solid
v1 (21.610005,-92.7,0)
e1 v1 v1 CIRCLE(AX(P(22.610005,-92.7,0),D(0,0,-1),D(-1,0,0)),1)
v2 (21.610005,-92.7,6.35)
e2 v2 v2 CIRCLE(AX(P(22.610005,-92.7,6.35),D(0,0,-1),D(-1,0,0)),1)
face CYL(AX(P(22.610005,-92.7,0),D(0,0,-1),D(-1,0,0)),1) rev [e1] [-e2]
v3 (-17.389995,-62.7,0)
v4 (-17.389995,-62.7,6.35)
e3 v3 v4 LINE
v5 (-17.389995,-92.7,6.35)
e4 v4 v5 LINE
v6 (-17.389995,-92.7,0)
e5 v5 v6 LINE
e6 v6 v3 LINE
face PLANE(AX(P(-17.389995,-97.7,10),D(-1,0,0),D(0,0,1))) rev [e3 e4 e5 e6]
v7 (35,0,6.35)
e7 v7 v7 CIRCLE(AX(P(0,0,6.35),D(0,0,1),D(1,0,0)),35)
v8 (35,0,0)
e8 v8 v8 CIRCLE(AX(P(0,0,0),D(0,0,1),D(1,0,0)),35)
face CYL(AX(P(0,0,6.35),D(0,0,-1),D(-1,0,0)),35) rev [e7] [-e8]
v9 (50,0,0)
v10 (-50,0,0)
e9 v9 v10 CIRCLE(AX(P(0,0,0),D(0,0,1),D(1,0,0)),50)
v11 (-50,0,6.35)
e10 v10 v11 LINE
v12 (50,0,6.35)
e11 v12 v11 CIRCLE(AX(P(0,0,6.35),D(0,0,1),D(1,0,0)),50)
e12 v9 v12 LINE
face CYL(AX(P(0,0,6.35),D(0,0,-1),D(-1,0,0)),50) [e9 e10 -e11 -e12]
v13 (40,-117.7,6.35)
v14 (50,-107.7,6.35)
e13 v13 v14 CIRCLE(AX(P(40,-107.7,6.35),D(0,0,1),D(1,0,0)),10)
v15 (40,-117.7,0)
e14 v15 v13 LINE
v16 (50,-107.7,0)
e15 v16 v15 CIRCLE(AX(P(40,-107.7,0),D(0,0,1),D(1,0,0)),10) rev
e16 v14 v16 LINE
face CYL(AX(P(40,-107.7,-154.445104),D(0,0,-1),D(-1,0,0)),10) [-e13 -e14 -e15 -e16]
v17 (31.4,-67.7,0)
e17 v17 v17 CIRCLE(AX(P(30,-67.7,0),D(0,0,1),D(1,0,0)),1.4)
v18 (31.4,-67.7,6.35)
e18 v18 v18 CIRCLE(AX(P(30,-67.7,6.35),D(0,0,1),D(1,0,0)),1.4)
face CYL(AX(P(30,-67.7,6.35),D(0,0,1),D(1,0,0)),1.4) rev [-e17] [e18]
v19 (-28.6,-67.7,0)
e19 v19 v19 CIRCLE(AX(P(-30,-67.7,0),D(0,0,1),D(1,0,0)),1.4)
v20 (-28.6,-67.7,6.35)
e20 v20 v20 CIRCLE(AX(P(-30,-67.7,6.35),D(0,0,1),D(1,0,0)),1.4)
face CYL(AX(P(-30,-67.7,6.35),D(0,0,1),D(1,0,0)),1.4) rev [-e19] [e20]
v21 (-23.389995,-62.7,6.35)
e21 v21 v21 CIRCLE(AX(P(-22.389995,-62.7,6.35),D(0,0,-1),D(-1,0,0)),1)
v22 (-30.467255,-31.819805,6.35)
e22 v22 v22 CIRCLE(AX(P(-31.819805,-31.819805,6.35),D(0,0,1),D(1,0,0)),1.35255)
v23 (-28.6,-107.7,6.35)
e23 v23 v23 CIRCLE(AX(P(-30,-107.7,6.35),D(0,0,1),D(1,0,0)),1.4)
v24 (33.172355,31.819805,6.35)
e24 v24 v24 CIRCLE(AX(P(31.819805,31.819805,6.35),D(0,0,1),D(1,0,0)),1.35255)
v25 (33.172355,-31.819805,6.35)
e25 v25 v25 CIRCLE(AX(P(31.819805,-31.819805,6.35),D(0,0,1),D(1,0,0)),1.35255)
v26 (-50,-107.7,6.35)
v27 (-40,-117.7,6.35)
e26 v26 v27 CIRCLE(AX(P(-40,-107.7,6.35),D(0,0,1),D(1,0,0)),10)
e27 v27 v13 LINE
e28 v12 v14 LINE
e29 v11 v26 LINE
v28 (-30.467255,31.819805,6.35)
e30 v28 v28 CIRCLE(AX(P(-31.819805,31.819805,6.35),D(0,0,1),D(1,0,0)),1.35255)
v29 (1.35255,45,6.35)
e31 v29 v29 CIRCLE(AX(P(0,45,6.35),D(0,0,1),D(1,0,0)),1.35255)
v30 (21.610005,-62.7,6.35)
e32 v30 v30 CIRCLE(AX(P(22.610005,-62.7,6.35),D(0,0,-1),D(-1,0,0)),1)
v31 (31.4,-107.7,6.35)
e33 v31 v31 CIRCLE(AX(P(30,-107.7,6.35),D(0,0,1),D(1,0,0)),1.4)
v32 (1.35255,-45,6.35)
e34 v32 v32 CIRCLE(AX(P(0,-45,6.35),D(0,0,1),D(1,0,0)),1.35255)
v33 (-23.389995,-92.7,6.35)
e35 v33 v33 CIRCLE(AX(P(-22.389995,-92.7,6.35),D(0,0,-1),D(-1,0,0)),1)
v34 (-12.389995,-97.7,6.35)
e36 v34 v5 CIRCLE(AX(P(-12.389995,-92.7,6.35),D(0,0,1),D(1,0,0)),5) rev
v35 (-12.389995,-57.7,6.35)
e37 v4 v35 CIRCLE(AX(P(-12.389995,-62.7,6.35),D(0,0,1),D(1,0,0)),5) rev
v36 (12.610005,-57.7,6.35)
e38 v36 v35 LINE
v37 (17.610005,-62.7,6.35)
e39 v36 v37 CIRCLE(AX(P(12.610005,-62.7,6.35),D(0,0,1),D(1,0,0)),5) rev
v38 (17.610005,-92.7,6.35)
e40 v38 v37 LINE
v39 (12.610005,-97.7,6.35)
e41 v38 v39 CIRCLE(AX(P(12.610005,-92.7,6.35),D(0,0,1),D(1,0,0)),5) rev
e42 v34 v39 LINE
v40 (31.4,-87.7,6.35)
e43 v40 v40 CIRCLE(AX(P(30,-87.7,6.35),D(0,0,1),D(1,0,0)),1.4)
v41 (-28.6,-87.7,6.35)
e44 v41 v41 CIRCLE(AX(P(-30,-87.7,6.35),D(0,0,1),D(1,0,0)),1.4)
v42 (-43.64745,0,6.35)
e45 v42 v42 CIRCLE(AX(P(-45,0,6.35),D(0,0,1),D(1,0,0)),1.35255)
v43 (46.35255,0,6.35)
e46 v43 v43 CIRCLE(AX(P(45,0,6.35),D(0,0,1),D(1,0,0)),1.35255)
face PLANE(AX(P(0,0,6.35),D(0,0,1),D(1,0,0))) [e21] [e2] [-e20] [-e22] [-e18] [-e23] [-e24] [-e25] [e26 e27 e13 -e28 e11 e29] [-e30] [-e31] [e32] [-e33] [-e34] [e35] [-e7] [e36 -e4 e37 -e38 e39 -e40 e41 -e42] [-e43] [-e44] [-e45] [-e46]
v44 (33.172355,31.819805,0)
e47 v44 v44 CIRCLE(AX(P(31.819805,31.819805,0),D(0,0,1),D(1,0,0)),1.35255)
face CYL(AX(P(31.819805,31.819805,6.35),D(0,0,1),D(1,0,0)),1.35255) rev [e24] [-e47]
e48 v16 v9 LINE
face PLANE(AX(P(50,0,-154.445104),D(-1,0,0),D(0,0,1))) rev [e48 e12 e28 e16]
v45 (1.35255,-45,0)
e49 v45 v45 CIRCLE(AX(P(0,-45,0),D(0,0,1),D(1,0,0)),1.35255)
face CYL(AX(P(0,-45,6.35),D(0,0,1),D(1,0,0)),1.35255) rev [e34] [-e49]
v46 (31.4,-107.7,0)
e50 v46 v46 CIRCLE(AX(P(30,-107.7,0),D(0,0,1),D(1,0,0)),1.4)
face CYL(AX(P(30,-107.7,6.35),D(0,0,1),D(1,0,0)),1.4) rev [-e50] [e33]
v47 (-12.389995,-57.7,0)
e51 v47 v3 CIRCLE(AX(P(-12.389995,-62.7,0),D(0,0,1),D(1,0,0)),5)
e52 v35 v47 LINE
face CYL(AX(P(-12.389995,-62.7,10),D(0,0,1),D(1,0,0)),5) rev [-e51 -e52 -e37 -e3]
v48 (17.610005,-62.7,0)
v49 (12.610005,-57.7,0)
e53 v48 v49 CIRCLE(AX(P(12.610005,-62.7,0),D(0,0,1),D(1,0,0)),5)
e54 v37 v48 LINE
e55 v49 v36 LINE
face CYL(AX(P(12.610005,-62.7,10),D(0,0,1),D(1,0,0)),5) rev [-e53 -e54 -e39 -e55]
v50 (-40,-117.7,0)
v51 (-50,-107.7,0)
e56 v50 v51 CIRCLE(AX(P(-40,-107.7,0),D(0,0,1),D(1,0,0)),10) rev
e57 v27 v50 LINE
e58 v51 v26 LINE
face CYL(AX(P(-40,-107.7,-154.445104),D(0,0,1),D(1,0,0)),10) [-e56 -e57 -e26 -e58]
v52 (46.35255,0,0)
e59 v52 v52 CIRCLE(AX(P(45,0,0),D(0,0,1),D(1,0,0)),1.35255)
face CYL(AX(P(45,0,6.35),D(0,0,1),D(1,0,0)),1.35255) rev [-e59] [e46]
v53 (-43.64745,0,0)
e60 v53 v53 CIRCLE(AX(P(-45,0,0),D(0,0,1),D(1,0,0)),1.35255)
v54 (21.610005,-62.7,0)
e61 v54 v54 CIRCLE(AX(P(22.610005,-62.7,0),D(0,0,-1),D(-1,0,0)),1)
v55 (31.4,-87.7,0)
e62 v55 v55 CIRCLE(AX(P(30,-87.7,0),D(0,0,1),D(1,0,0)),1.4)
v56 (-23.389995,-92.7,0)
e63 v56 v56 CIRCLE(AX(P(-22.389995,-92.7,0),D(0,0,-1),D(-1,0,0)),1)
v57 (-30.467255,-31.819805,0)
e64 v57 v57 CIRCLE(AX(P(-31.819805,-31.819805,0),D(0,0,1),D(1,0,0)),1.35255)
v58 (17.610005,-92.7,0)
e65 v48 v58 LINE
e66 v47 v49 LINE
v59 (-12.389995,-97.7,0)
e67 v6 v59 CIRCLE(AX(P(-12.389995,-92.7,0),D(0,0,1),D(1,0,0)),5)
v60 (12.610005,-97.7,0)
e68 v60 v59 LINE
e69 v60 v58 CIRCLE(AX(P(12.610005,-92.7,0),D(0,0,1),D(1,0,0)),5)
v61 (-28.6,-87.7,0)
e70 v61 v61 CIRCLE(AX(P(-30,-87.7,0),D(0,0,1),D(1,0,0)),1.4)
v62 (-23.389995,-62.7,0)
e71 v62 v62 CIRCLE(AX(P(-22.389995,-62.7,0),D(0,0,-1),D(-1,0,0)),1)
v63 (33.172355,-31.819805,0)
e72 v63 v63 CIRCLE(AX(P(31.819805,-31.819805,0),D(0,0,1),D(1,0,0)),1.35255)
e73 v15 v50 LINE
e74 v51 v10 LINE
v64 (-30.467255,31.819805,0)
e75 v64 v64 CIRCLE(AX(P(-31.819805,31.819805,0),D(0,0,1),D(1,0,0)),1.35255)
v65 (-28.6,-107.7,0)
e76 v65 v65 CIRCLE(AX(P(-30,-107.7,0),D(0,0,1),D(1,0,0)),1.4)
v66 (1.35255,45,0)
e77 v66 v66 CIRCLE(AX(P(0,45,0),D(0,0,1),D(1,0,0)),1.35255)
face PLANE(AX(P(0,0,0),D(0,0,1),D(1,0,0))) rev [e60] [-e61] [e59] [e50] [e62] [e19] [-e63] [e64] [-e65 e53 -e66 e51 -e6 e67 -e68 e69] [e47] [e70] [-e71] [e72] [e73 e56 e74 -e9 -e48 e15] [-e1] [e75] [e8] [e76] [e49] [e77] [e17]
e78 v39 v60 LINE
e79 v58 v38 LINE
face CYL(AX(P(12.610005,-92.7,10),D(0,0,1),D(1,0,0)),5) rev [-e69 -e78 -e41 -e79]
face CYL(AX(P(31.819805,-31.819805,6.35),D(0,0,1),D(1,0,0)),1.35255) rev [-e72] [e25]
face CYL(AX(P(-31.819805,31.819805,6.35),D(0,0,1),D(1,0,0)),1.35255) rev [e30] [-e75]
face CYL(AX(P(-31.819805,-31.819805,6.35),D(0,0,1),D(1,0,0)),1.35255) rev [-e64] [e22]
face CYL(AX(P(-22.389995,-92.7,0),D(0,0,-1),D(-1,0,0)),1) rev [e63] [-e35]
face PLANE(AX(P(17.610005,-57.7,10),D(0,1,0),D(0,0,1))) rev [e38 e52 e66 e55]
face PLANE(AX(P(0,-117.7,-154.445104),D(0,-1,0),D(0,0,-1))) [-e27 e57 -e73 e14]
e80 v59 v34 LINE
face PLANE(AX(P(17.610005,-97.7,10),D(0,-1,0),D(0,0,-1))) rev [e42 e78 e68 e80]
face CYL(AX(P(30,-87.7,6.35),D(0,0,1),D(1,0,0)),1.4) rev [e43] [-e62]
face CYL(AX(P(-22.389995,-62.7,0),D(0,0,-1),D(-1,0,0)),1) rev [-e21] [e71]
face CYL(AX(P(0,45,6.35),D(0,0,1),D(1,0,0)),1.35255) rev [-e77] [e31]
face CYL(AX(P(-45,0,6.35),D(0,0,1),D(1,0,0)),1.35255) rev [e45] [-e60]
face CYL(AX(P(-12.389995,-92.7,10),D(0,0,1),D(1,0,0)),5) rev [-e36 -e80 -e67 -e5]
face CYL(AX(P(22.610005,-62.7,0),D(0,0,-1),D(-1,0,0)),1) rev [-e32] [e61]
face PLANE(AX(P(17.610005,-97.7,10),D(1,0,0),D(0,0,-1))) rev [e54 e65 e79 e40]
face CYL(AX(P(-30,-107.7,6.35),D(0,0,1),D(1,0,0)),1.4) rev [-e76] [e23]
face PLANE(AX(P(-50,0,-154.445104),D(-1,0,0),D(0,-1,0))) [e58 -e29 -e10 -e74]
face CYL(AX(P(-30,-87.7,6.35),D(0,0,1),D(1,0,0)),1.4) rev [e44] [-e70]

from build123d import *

# Parameters (mm, degrees)
SKETCH1_R             = 50
SKETCH1_R_2           = 35
BOSS_EXTRUDE1_DEPTH   = 6.35
BOSS_EXTRUDE2_DEPTH   = 6.35
F_6_32_TAPPED_HOLE1_D = 2.7051
FILLET1_R             = 10
M4X0_7_TAPPED_HOLE1_D = 2.8
SKETCH11_W            = 35
SKETCH11_H            = 40
CUT_EXTRUDE1_DEPTH    = 10
FILLET2_R             = 5
M3X0_5_TAPPED_HOLE1_D = 2


with BuildPart() as part:
    # Sketch1 → Boss-Extrude1 (new body)
    with BuildSketch(Plane.XY):
        Circle(SKETCH1_R)
        Circle(SKETCH1_R_2, mode=Mode.SUBTRACT)
    extrude(amount=BOSS_EXTRUDE1_DEPTH)

    # Sketch3 → Boss-Extrude2 (add)
    with BuildSketch(Plane.XY.offset(6.35)):
        with BuildLine():
            ThreePointArc((50, 0), (0, -50), (-50, 0))
            Line((-50, 0), (-50, -117.7))
            Line((-50, -117.7), (50, -117.7))
            Line((50, -117.7), (50, 0))
        make_face()
    extrude(amount=-BOSS_EXTRUDE2_DEPTH)

    # #6-32 Tapped Hole1 (through all)
    with Locations(Plane.XY.offset(6.35)):
        with Locations((-45, 0), (-31.819805153, -31.819805153), (0, -45), (31.819805153, -31.819805153), (45, 0), (31.819805153, 31.819805153), (0, 45), (-31.819805153, 31.819805153)):
            Hole(F_6_32_TAPPED_HOLE1_D / 2)

    # Fillet1
    fillet1_edges = [part.edges().sort_by_distance(p)[0] for p in [
        (-50, -117.7, 3.175),
        (50, -117.7, 3.175),
    ]]
    fillet(fillet1_edges, radius=FILLET1_R)

    # M4x0.7 Tapped Hole1 (through all)
    with Locations(Plane.XY.offset(6.35)):
        with Locations((-30, -107.7), (30, -107.7), (30, -87.7), (-30, -87.7), (30, -67.7), (-30, -67.7)):
            Hole(M4X0_7_TAPPED_HOLE1_D / 2)

    # Sketch11 → Cut-Extrude1 (cut)
    with BuildSketch(Plane(origin=(0, 0, 0), x_dir=(-1, 0, 0), z_dir=(0, 0, -1))):
        with Locations((-0.110004591, -77.7)):
            Rectangle(SKETCH11_W, SKETCH11_H)
    extrude(amount=-CUT_EXTRUDE1_DEPTH, mode=Mode.SUBTRACT)

    # Fillet2
    fillet2_edges = [part.edges().sort_by_distance(p)[0] for p in [
        (-17.389995409, -57.7, 3.175),
        (-17.389995409, -97.7, 3.175),
        (17.610004591, -97.7, 3.175),
        (17.610004591, -57.7, 3.175),
    ]]
    fillet(fillet2_edges, radius=FILLET2_R)

    # M3x0.5 Tapped Hole1 (through all)
    with Locations(Plane(origin=(0, 0, 0), x_dir=(-1, 0, 0), z_dir=(0, 0, -1))):
        with Locations((-22.610004591, -62.7), (-22.610004591, -92.7), (22.389995409, -92.7), (22.389995409, -62.7)):
            Hole(M3X0_5_TAPPED_HOLE1_D / 2)


solid = part.part
